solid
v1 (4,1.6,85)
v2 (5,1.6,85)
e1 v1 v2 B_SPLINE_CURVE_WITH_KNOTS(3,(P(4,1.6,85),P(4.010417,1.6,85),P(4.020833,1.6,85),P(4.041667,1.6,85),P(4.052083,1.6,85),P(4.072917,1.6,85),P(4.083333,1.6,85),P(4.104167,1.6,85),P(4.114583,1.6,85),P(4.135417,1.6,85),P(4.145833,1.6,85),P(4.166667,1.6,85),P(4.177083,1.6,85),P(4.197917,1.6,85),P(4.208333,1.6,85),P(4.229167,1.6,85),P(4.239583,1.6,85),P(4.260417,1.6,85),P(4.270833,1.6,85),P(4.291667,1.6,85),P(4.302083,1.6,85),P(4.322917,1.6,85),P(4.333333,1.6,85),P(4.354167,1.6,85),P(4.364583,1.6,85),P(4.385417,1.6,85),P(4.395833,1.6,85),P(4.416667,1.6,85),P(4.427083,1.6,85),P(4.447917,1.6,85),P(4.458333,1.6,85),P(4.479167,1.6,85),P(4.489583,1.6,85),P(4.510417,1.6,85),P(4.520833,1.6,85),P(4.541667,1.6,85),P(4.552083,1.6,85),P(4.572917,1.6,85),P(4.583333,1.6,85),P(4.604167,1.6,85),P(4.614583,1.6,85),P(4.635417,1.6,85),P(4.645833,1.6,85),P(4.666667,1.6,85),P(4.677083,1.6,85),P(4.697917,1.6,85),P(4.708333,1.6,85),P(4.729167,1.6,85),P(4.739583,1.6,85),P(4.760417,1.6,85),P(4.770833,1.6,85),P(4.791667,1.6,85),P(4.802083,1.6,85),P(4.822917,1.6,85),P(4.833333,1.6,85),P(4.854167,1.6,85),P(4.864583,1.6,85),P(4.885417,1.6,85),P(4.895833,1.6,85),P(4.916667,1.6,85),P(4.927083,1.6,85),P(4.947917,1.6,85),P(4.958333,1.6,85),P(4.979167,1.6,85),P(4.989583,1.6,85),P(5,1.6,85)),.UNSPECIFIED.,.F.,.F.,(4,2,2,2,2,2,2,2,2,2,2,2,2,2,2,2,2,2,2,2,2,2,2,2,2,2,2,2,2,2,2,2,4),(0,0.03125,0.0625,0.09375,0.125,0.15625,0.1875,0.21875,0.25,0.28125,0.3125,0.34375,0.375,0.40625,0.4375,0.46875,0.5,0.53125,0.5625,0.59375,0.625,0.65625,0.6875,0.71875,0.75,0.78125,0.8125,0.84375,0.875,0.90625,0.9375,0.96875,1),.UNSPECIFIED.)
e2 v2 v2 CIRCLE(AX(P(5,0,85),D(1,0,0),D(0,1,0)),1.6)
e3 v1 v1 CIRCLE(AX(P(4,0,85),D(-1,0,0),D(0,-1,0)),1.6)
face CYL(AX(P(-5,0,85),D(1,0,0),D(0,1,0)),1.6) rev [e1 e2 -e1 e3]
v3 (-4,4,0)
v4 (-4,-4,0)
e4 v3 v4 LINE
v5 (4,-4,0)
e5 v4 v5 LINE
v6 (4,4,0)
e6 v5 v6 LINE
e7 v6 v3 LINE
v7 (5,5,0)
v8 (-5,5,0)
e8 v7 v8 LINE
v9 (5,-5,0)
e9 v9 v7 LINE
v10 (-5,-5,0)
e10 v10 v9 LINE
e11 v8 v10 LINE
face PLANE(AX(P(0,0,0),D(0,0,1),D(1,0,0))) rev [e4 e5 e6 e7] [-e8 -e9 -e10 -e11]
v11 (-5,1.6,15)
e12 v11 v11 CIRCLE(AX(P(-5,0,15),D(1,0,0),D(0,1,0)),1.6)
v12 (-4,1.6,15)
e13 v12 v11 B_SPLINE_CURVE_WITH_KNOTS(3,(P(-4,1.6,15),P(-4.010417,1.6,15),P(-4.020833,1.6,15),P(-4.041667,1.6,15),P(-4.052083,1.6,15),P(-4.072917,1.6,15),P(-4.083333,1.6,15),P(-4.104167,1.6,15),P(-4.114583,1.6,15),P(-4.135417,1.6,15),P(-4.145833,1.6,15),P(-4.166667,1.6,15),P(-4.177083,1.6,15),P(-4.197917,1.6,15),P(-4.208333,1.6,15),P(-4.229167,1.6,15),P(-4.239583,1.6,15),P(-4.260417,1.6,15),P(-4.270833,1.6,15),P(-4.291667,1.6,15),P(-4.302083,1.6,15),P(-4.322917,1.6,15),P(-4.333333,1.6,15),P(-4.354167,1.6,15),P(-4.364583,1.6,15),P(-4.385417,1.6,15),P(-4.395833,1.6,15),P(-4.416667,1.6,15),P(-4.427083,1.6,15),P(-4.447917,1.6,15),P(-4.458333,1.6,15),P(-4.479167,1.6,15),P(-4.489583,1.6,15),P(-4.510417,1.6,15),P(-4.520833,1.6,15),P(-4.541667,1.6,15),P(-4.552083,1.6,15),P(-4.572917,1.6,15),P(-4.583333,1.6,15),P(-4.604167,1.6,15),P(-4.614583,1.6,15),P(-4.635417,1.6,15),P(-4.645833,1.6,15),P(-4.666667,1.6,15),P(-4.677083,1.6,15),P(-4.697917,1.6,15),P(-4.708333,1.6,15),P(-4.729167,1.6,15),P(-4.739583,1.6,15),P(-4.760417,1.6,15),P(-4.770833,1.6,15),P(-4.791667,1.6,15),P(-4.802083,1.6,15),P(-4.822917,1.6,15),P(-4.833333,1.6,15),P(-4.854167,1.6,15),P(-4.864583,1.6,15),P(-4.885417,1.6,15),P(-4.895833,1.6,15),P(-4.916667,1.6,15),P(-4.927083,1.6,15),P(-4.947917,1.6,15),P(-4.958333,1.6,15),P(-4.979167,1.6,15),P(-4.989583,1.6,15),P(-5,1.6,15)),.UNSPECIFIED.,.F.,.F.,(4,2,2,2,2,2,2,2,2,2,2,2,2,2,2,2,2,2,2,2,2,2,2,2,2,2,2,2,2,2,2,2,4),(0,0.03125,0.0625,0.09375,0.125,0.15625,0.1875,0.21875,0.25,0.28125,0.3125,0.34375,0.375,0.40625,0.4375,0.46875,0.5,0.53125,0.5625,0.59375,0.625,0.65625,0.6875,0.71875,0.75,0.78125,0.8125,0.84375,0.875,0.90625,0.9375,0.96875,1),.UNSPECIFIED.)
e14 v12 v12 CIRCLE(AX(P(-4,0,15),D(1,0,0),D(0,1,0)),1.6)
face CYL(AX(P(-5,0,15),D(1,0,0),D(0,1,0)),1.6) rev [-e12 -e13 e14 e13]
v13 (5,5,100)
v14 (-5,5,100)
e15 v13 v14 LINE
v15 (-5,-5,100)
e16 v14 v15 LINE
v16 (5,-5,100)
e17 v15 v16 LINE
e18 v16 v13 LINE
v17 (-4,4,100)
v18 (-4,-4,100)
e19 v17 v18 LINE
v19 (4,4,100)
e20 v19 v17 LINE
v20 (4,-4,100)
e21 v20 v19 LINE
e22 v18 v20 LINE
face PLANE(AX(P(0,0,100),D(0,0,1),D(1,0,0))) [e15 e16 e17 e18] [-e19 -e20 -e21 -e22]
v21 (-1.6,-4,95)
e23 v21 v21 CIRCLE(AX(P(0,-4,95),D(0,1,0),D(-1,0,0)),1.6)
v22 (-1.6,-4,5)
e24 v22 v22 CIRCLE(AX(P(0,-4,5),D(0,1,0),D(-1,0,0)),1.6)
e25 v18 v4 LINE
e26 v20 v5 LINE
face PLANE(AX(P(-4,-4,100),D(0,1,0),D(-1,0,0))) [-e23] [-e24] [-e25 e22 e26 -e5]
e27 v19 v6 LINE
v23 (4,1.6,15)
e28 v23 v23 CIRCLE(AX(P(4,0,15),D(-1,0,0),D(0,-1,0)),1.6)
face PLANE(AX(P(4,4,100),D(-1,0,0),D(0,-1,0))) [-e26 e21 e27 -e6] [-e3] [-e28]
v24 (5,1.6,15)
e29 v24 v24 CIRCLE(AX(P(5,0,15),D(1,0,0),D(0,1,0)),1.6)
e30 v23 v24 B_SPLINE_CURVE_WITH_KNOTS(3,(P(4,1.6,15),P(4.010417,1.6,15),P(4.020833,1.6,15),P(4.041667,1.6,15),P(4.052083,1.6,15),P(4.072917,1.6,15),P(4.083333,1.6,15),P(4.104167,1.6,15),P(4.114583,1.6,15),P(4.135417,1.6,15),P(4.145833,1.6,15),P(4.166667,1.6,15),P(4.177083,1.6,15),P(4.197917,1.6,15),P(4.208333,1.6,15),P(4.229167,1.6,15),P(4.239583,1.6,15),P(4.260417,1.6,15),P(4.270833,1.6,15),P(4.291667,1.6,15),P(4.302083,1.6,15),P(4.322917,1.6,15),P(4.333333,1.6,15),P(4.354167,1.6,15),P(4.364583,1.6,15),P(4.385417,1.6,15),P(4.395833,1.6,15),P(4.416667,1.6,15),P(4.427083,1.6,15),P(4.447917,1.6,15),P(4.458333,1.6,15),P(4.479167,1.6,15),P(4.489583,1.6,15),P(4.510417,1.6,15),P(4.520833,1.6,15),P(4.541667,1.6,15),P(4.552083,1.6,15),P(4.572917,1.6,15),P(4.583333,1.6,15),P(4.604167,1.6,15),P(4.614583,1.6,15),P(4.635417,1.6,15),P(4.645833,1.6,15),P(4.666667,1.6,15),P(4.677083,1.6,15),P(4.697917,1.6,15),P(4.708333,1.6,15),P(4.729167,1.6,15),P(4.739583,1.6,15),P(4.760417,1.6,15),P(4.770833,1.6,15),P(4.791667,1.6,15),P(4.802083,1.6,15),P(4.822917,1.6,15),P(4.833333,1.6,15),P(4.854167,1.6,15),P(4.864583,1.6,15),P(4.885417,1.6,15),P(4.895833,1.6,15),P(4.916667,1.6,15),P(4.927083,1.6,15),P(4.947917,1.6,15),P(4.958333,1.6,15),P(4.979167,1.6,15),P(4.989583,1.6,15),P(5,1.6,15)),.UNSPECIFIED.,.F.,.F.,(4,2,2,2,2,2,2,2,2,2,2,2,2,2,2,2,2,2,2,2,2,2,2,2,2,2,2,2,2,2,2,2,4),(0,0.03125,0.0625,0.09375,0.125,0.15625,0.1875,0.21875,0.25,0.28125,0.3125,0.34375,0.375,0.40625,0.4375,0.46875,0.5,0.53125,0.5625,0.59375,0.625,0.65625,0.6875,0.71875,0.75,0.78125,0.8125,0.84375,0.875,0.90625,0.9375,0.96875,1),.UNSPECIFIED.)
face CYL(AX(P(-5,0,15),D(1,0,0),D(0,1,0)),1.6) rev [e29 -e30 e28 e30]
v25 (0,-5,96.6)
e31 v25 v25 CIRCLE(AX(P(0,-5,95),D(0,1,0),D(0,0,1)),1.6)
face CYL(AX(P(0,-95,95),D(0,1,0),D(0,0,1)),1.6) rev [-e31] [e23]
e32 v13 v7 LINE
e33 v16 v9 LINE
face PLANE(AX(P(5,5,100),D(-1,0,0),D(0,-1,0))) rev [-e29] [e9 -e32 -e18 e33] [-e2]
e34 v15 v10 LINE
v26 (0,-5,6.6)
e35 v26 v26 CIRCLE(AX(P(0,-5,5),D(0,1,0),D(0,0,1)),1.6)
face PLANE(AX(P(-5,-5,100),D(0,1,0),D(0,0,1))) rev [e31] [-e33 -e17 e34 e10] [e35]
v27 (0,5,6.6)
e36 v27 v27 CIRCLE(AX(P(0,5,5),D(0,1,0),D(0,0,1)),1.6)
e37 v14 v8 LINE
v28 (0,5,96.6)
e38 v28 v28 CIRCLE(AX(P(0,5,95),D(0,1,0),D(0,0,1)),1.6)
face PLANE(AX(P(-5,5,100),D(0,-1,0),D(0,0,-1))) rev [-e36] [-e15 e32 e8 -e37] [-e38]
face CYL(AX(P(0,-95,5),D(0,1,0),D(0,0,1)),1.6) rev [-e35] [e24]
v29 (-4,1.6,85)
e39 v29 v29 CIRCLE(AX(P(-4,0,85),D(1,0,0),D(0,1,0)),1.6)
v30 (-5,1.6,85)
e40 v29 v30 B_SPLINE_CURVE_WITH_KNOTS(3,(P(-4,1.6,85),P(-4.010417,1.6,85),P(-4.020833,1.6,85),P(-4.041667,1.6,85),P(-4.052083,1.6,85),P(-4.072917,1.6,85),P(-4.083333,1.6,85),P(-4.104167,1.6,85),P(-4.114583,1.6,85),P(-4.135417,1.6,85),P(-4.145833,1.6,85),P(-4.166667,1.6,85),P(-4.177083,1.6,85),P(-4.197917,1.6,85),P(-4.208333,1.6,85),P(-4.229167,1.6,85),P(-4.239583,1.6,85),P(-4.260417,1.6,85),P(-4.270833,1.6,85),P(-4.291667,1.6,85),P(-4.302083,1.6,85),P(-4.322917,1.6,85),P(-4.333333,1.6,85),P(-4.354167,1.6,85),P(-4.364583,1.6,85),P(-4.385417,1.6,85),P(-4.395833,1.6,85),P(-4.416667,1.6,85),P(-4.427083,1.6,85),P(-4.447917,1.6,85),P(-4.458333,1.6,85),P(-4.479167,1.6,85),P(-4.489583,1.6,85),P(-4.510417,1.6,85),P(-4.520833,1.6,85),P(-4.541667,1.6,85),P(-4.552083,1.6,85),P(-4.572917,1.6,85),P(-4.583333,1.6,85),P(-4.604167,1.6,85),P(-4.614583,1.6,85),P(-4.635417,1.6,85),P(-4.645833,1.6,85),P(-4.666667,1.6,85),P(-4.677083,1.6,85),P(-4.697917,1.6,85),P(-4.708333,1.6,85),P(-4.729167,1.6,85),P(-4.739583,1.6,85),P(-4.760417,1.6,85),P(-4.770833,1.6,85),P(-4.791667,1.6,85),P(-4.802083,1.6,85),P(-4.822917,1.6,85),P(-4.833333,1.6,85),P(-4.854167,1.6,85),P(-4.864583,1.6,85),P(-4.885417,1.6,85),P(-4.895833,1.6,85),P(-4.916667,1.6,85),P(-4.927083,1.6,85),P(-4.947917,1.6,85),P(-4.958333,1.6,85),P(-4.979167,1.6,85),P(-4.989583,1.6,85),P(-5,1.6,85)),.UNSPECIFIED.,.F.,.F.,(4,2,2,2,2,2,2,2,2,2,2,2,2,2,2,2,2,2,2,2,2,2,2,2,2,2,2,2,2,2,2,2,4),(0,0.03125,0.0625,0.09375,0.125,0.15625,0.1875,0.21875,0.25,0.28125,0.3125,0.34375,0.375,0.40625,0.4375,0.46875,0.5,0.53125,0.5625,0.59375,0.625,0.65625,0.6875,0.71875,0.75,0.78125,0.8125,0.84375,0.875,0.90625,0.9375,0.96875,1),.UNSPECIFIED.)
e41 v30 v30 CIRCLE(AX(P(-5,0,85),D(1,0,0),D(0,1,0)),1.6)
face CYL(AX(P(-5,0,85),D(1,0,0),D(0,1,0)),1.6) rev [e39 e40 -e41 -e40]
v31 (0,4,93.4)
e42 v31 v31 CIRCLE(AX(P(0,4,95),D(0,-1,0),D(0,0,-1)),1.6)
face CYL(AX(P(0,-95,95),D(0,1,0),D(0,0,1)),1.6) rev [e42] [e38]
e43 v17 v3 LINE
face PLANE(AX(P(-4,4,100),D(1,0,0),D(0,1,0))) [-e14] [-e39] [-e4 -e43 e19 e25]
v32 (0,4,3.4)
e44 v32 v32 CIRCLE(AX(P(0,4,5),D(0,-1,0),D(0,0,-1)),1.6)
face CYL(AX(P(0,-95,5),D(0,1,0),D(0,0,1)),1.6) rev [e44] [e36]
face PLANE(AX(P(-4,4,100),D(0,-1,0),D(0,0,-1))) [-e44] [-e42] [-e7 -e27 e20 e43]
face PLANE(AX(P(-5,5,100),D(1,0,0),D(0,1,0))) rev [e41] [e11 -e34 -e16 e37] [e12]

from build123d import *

# Parameters (mm, degrees)
SKETCH_1_W          = 10
SKETCH_1_H          = 10
SKETCH_1_W_2        = 8
SKETCH_1_H_2        = 8
EXTRUDE_1_DEPTH     = 100
SKETCH_2_R          = 1.6
CUT_EXTRUDE_1_DEPTH = 101.623058987
SKETCH_3_R          = 1.6
CUT_EXTRUDE_2_DEPTH = 100


with BuildPart() as part:
    # ｽｹｯﾁ1 → ﾎﾞｽ - 押し出し1 (new body)
    with BuildSketch(Plane.XY):
        Rectangle(SKETCH_1_W, SKETCH_1_H)
        Rectangle(SKETCH_1_W_2, SKETCH_1_H_2, mode=Mode.SUBTRACT)
    extrude(amount=EXTRUDE_1_DEPTH)

    # ｽｹｯﾁ2 → ｶｯﾄ - 押し出し1 (cut, through all)
    with BuildSketch(Plane(origin=(5, 0, 0), x_dir=(0, 0, -1), z_dir=(1, 0, 0))):
        with Locations(Location((-85, 0, 0), (0, 0, 90))):
            Circle(SKETCH_2_R)
        with Locations(Location((-15, 0, 0), (0, 0, 90))):
            Circle(SKETCH_2_R)
    extrude(amount=-CUT_EXTRUDE_1_DEPTH, mode=Mode.SUBTRACT)

    # ｽｹｯﾁ3 → ｶｯﾄ - 押し出し2 (cut)
    with BuildSketch(Plane(origin=(0, 5, 0), x_dir=(1, 0, 0), z_dir=(0, 1, 0))):
        with Locations(Location((0, -95, 0), (0, 0, 270))):
            Circle(SKETCH_3_R)
        with Locations(Location((0, -5, 0), (0, 0, 270))):
            Circle(SKETCH_3_R)
    extrude(amount=-CUT_EXTRUDE_2_DEPTH, mode=Mode.SUBTRACT)


solid = part.part
